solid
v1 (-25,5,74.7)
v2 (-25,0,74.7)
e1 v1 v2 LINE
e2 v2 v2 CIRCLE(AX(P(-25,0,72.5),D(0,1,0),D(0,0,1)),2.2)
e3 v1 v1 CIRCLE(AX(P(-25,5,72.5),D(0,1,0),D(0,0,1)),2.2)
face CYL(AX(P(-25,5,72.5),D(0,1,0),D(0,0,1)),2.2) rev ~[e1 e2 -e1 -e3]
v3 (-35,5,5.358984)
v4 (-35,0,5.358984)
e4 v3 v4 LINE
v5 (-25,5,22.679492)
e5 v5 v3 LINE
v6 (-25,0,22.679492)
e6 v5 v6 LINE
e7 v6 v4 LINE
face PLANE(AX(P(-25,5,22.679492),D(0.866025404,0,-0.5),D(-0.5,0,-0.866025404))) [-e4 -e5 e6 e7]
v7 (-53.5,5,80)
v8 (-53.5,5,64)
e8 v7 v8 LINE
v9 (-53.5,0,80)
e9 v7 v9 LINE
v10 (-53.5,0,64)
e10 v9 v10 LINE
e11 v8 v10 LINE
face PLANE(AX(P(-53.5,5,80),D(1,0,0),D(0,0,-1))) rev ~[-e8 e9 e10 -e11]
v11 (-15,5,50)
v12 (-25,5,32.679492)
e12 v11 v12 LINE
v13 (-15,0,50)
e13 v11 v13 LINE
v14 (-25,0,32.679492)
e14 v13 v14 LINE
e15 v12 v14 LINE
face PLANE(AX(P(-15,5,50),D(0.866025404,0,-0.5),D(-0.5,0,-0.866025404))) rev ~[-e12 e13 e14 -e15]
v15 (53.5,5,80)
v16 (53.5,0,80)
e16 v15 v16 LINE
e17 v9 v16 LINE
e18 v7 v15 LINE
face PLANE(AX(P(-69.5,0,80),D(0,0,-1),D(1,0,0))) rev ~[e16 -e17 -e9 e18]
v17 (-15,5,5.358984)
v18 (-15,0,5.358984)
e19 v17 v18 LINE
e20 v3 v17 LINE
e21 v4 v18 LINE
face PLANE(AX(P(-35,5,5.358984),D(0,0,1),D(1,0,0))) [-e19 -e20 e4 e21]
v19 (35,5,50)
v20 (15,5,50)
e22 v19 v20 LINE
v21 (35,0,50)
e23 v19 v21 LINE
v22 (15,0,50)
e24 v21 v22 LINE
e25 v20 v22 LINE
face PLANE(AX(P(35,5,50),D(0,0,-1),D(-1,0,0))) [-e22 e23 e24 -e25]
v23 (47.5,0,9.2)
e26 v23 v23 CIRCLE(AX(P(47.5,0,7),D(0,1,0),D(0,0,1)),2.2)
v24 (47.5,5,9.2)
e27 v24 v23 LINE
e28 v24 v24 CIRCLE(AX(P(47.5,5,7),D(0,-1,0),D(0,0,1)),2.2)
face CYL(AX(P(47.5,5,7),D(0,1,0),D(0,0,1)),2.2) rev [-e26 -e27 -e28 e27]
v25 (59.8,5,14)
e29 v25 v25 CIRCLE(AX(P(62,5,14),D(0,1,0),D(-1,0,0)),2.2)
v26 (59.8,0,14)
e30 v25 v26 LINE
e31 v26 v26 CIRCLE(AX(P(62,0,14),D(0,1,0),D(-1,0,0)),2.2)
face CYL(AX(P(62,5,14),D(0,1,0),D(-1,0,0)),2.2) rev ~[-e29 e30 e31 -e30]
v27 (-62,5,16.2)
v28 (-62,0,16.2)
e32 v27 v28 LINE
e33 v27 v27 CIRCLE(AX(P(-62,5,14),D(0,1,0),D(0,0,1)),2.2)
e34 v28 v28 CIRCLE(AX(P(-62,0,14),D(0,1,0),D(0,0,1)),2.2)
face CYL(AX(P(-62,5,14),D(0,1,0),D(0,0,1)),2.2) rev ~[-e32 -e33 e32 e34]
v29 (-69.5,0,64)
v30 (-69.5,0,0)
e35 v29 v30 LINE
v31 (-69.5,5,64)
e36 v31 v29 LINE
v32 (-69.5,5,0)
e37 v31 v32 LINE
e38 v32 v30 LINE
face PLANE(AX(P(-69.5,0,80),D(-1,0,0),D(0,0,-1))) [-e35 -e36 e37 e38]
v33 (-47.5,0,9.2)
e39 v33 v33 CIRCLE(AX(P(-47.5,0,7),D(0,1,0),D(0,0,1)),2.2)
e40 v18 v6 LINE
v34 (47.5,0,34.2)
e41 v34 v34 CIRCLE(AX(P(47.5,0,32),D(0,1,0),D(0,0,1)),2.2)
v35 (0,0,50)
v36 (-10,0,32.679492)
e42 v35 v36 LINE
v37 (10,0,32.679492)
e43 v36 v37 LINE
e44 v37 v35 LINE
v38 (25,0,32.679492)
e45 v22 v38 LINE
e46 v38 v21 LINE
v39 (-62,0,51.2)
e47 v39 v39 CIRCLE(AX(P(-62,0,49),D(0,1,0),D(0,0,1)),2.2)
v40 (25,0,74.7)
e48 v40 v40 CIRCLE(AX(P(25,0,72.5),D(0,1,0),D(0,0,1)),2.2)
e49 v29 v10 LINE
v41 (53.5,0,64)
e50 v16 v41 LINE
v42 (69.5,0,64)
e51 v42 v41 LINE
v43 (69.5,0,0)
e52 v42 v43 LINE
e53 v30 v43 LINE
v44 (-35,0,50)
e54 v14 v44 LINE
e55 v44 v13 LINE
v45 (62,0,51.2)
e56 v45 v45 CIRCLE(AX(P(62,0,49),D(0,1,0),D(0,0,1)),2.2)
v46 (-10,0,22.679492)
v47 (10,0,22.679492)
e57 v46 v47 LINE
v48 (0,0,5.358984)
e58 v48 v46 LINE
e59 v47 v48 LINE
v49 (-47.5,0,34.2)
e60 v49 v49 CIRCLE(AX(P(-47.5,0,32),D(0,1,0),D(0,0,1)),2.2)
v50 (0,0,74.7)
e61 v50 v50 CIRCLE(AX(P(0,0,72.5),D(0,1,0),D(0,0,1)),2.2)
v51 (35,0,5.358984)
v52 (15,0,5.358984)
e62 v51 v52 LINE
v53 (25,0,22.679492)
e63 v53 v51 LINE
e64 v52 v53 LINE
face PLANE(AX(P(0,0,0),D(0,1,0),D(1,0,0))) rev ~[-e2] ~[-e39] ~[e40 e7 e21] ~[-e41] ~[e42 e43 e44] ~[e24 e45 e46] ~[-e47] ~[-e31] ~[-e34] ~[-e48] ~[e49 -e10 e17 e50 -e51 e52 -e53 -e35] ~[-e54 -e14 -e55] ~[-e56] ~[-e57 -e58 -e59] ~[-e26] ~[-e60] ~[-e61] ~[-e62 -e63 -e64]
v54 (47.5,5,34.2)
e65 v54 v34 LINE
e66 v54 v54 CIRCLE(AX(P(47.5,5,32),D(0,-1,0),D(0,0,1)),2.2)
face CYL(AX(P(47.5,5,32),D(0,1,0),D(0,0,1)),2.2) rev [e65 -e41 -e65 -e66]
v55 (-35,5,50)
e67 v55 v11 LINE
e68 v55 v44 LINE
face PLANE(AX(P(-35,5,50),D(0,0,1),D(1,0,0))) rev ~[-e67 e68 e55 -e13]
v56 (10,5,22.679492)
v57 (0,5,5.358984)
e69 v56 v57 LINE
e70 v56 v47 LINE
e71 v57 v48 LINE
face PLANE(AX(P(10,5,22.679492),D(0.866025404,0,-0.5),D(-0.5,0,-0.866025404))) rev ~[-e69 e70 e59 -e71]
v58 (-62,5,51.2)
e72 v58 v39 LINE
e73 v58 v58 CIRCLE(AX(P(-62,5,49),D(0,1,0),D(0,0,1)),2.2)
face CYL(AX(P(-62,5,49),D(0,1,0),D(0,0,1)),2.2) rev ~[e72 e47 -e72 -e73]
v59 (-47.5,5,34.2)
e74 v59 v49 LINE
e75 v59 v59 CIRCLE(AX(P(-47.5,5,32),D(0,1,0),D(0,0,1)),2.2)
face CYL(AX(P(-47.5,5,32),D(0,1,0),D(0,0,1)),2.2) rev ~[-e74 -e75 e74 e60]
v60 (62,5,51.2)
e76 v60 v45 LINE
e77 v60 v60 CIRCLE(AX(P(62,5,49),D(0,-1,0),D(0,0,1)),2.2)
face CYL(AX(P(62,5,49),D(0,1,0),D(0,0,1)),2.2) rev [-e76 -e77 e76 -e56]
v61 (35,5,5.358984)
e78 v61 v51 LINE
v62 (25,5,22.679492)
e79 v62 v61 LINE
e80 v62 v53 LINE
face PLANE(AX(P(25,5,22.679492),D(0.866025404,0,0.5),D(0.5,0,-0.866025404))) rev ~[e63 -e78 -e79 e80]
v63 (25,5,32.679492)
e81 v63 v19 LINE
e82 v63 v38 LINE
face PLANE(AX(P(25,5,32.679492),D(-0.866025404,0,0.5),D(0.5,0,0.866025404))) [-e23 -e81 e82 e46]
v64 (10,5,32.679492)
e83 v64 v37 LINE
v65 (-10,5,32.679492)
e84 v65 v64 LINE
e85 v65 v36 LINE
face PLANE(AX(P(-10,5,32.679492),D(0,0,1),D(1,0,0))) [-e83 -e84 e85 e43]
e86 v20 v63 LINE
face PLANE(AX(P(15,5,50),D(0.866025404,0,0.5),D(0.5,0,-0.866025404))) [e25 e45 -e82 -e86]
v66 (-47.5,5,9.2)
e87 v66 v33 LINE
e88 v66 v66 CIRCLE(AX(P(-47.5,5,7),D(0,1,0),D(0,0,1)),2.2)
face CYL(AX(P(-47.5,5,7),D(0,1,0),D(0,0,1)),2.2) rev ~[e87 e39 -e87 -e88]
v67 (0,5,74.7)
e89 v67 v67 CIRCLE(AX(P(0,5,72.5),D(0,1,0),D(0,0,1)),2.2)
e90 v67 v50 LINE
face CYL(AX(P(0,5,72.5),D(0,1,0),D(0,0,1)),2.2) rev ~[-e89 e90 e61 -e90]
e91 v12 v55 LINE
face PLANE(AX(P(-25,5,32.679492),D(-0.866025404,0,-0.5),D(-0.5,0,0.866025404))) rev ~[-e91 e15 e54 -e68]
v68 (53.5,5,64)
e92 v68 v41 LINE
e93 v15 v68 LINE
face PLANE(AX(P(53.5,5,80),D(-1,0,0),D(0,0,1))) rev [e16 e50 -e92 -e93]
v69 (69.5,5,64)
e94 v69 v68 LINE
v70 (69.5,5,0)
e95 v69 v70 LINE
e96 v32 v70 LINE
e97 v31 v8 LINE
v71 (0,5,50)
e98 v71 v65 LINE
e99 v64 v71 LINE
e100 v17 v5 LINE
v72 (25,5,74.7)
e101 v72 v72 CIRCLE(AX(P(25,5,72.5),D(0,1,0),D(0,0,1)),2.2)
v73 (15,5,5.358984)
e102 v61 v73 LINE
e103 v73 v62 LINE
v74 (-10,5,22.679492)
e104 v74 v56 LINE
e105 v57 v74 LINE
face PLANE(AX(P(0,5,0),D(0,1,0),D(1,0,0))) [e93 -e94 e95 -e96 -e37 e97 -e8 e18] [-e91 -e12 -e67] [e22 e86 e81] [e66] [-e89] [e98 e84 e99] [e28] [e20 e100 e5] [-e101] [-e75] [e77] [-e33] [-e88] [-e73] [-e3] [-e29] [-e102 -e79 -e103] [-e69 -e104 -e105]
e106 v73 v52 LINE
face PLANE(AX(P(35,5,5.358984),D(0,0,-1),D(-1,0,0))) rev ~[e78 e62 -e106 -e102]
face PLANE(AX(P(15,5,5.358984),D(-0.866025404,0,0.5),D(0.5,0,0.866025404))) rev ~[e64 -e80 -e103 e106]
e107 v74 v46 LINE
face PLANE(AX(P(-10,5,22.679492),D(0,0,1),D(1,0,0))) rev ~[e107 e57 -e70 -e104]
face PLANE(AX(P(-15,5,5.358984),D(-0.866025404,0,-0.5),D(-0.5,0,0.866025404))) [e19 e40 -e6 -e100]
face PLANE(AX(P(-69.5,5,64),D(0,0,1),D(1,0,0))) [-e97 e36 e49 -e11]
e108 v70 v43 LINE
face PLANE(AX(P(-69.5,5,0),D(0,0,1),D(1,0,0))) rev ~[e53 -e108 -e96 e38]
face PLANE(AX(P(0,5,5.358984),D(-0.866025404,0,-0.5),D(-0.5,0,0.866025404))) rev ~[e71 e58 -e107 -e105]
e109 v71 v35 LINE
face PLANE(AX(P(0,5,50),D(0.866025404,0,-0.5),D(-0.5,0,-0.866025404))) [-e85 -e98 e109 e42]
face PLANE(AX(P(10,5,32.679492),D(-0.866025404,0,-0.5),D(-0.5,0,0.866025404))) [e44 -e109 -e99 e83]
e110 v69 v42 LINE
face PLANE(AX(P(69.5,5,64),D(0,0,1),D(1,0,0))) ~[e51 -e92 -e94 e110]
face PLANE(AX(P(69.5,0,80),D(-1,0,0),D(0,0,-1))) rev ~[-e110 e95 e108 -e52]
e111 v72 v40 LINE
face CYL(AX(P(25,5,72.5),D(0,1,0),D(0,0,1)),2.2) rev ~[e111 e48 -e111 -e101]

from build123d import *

# Parameters (mm, degrees)
SKETCH1_W               = 139
SKETCH1_H               = 160
BOSS_EXTRUDE1_DEPTH     = 5
SKETCH2_W               = 16
SKETCH2_H               = 16
CUT_EXTRUDE1_DEPTH      = 107.090763029
SKETCH3_R               = 2.2
CUT_EXTRUDE2_DEPTH      = 107.090763029
SKETCH4_R               = 2.2
CUT_EXTRUDE3_DEPTH      = 107.090763029
LPATTERN1_COUNT         = 4
LPATTERN1_PITCH         = 35
MIRROR2_COPY_1_SKETCH_R = 2.2
MIRROR2_COPY_1_DEPTH    = 107.090763029
MIRROR2_COPY_2_SKETCH_R = 2.2
MIRROR2_COPY_2_DEPTH    = 107.090763029
MIRROR2_COPY_3_SKETCH_R = 2.2
MIRROR2_COPY_3_DEPTH    = 107.090763029
SKETCH5_R               = 2.2
CUT_EXTRUDE4_DEPTH      = 107.090763029
CUT_EXTRUDE5_DEPTH      = 107.090763029
SKETCH9_W               = 139
SKETCH9_H               = 80
CUT_EXTRUDE6_DEPTH      = 10


with BuildPart() as part:
    # Sketch1 → Boss-Extrude1 (new body)
    with BuildSketch(Plane(origin=(0, 0, 0), x_dir=(1, 0, 0), z_dir=(0, 1, 0))):
        Rectangle(SKETCH1_W, SKETCH1_H)
    extrude(amount=BOSS_EXTRUDE1_DEPTH)

    # Sketch2 → Cut-Extrude1 (cut, through all)
    with BuildSketch(Plane(origin=(0, 5, 0), x_dir=(1, 0, 0), z_dir=(0, 1, 0))):
        with Locations((-61.5, -72)):
            Rectangle(SKETCH2_W, SKETCH2_H)
    cut_extrude1 = extrude(amount=-CUT_EXTRUDE1_DEPTH, mode=Mode.SUBTRACT)

    # Mirror1: Cut-Extrude1 across plane
    add(cut_extrude1.mirror(Plane(origin=(0, 0, 0), x_dir=(0, 0, 1), z_dir=(1, 0, 0))), mode=Mode.SUBTRACT)

    # Sketch3 → Cut-Extrude2 (cut, through all)
    with BuildSketch(Plane(origin=(0, 5, 0), x_dir=(1, 0, 0), z_dir=(0, 1, 0))):
        with Locations(Location((0, -72.5, 0), (0, 0, 270))):
            Circle(SKETCH3_R)
        with Locations(Location((-25, -72.5, 0), (0, 0, 270))):
            Circle(SKETCH3_R)
        with Locations(Location((25, -72.5, 0), (0, 0, 270))):
            Circle(SKETCH3_R)
    extrude(amount=-CUT_EXTRUDE2_DEPTH, mode=Mode.SUBTRACT)

    # Sketch4 → Cut-Extrude3 (cut, through all)
    with BuildSketch(Plane(origin=(0, 5, 0), x_dir=(1, 0, 0), z_dir=(0, 1, 0))):
        with Locations(Location((-62, -49, 0), (0, 0, 270))):
            Circle(SKETCH4_R)
    cut_extrude3 = extrude(amount=-CUT_EXTRUDE3_DEPTH, mode=Mode.SUBTRACT)

    # LPattern1: Cut-Extrude3 ×4
    with Locations(*[(0, 0, -i * LPATTERN1_PITCH) for i in range(1, LPATTERN1_COUNT)]):
        add(cut_extrude3, mode=Mode.SUBTRACT)

    # Mirror2: Cut-Extrude3 across plane
    add(cut_extrude3.mirror(Plane(origin=(0, 0, 0), x_dir=(0, 0, 1), z_dir=(1, 0, 0))), mode=Mode.SUBTRACT)

    # Mirror2 copy 1 sketch → Mirror2 copy 1 (cut, through all)
    with BuildSketch(Plane(origin=(0, 5, -35), x_dir=(-1, 0, 0), z_dir=(0, 1, 0))):
        with Locations((-62, 49)):
            Circle(MIRROR2_COPY_1_SKETCH_R)
    extrude(amount=-MIRROR2_COPY_1_DEPTH, mode=Mode.SUBTRACT)

    # Mirror2 copy 2 sketch → Mirror2 copy 2 (cut, through all)
    with BuildSketch(Plane(origin=(0, 5, -70), x_dir=(-1, 0, 0), z_dir=(0, 1, 0))):
        with Locations((-62, 49)):
            Circle(MIRROR2_COPY_2_SKETCH_R)
    extrude(amount=-MIRROR2_COPY_2_DEPTH, mode=Mode.SUBTRACT)

    # Mirror2 copy 3 sketch → Mirror2 copy 3 (cut, through all)
    with BuildSketch(Plane(origin=(0, 5, -105), x_dir=(-1, 0, 0), z_dir=(0, 1, 0))):
        with Locations((-62, 49)):
            Circle(MIRROR2_COPY_3_SKETCH_R)
    extrude(amount=-MIRROR2_COPY_3_DEPTH, mode=Mode.SUBTRACT)

    # Sketch5 → Cut-Extrude4 (cut, through all)
    with BuildSketch(Plane(origin=(0, 5, 0), x_dir=(1, 0, 0), z_dir=(0, 1, 0))):
        with Locations(Location((-47.5, -32, 0), (0, 0, 270))):
            Circle(SKETCH5_R)
        with Locations(Location((-47.5, -7, 0), (0, 0, 270))):
            Circle(SKETCH5_R)
    cut_extrude4 = extrude(amount=-CUT_EXTRUDE4_DEPTH, mode=Mode.SUBTRACT)

    # Mirror3: Cut-Extrude4 across plane
    add(cut_extrude4.mirror(Plane(origin=(0, 0, 0), x_dir=(0, 0, 1), z_dir=(1, 0, 0))), mode=Mode.SUBTRACT)

    # Sketch6 → Cut-Extrude5 (cut, through all)
    with BuildSketch(Plane(origin=(0, 5, 0), x_dir=(1, 0, 0), z_dir=(0, 1, 0))):
        Polygon((0, 50), (-10, 32.679491924), (10, 32.679491924), align=None)
        Polygon((15, 50), (25, 32.679491924), (35, 50), align=None)
        Polygon((-25, 32.679491924), (-35, 50), (-15, 50), align=None)
        Polygon((25, 22.679491924), (35, 5.358983849), (15, 5.358983849), align=None)
        Polygon((-10, 22.679491924), (10, 22.679491924), (0, 5.358983849), align=None)
        Polygon((-15, 5.358983849), (-25, 22.679491924), (-35, 5.358983849), align=None)
        Polygon((15, -5.358983849), (25, -22.679491924), (35, -5.358983849), align=None)
        Polygon((0, -5.358983849), (-10, -22.679491924), (10, -22.679491924), align=None)
        Polygon((-35, -5.358983849), (-15, -5.358983849), (-25, -22.679491924), align=None)
        Polygon((25, -32.679491924), (35, -50), (15, -50), align=None)
        Polygon((-10, -32.679491924), (10, -32.679491924), (0, -50), align=None)
        Polygon((-15, -50), (-25, -32.679491924), (-35, -50), align=None)
    extrude(amount=-CUT_EXTRUDE5_DEPTH, mode=Mode.SUBTRACT)

    # Sketch9 → Cut-Extrude6 (cut)
    with BuildSketch(Plane(origin=(0, 5, 0), x_dir=(1, 0, 0), z_dir=(0, 1, 0))):
        with Locations((0, 40)):
            Rectangle(SKETCH9_W, SKETCH9_H)
    extrude(amount=-CUT_EXTRUDE6_DEPTH, mode=Mode.SUBTRACT)


solid = part.part
